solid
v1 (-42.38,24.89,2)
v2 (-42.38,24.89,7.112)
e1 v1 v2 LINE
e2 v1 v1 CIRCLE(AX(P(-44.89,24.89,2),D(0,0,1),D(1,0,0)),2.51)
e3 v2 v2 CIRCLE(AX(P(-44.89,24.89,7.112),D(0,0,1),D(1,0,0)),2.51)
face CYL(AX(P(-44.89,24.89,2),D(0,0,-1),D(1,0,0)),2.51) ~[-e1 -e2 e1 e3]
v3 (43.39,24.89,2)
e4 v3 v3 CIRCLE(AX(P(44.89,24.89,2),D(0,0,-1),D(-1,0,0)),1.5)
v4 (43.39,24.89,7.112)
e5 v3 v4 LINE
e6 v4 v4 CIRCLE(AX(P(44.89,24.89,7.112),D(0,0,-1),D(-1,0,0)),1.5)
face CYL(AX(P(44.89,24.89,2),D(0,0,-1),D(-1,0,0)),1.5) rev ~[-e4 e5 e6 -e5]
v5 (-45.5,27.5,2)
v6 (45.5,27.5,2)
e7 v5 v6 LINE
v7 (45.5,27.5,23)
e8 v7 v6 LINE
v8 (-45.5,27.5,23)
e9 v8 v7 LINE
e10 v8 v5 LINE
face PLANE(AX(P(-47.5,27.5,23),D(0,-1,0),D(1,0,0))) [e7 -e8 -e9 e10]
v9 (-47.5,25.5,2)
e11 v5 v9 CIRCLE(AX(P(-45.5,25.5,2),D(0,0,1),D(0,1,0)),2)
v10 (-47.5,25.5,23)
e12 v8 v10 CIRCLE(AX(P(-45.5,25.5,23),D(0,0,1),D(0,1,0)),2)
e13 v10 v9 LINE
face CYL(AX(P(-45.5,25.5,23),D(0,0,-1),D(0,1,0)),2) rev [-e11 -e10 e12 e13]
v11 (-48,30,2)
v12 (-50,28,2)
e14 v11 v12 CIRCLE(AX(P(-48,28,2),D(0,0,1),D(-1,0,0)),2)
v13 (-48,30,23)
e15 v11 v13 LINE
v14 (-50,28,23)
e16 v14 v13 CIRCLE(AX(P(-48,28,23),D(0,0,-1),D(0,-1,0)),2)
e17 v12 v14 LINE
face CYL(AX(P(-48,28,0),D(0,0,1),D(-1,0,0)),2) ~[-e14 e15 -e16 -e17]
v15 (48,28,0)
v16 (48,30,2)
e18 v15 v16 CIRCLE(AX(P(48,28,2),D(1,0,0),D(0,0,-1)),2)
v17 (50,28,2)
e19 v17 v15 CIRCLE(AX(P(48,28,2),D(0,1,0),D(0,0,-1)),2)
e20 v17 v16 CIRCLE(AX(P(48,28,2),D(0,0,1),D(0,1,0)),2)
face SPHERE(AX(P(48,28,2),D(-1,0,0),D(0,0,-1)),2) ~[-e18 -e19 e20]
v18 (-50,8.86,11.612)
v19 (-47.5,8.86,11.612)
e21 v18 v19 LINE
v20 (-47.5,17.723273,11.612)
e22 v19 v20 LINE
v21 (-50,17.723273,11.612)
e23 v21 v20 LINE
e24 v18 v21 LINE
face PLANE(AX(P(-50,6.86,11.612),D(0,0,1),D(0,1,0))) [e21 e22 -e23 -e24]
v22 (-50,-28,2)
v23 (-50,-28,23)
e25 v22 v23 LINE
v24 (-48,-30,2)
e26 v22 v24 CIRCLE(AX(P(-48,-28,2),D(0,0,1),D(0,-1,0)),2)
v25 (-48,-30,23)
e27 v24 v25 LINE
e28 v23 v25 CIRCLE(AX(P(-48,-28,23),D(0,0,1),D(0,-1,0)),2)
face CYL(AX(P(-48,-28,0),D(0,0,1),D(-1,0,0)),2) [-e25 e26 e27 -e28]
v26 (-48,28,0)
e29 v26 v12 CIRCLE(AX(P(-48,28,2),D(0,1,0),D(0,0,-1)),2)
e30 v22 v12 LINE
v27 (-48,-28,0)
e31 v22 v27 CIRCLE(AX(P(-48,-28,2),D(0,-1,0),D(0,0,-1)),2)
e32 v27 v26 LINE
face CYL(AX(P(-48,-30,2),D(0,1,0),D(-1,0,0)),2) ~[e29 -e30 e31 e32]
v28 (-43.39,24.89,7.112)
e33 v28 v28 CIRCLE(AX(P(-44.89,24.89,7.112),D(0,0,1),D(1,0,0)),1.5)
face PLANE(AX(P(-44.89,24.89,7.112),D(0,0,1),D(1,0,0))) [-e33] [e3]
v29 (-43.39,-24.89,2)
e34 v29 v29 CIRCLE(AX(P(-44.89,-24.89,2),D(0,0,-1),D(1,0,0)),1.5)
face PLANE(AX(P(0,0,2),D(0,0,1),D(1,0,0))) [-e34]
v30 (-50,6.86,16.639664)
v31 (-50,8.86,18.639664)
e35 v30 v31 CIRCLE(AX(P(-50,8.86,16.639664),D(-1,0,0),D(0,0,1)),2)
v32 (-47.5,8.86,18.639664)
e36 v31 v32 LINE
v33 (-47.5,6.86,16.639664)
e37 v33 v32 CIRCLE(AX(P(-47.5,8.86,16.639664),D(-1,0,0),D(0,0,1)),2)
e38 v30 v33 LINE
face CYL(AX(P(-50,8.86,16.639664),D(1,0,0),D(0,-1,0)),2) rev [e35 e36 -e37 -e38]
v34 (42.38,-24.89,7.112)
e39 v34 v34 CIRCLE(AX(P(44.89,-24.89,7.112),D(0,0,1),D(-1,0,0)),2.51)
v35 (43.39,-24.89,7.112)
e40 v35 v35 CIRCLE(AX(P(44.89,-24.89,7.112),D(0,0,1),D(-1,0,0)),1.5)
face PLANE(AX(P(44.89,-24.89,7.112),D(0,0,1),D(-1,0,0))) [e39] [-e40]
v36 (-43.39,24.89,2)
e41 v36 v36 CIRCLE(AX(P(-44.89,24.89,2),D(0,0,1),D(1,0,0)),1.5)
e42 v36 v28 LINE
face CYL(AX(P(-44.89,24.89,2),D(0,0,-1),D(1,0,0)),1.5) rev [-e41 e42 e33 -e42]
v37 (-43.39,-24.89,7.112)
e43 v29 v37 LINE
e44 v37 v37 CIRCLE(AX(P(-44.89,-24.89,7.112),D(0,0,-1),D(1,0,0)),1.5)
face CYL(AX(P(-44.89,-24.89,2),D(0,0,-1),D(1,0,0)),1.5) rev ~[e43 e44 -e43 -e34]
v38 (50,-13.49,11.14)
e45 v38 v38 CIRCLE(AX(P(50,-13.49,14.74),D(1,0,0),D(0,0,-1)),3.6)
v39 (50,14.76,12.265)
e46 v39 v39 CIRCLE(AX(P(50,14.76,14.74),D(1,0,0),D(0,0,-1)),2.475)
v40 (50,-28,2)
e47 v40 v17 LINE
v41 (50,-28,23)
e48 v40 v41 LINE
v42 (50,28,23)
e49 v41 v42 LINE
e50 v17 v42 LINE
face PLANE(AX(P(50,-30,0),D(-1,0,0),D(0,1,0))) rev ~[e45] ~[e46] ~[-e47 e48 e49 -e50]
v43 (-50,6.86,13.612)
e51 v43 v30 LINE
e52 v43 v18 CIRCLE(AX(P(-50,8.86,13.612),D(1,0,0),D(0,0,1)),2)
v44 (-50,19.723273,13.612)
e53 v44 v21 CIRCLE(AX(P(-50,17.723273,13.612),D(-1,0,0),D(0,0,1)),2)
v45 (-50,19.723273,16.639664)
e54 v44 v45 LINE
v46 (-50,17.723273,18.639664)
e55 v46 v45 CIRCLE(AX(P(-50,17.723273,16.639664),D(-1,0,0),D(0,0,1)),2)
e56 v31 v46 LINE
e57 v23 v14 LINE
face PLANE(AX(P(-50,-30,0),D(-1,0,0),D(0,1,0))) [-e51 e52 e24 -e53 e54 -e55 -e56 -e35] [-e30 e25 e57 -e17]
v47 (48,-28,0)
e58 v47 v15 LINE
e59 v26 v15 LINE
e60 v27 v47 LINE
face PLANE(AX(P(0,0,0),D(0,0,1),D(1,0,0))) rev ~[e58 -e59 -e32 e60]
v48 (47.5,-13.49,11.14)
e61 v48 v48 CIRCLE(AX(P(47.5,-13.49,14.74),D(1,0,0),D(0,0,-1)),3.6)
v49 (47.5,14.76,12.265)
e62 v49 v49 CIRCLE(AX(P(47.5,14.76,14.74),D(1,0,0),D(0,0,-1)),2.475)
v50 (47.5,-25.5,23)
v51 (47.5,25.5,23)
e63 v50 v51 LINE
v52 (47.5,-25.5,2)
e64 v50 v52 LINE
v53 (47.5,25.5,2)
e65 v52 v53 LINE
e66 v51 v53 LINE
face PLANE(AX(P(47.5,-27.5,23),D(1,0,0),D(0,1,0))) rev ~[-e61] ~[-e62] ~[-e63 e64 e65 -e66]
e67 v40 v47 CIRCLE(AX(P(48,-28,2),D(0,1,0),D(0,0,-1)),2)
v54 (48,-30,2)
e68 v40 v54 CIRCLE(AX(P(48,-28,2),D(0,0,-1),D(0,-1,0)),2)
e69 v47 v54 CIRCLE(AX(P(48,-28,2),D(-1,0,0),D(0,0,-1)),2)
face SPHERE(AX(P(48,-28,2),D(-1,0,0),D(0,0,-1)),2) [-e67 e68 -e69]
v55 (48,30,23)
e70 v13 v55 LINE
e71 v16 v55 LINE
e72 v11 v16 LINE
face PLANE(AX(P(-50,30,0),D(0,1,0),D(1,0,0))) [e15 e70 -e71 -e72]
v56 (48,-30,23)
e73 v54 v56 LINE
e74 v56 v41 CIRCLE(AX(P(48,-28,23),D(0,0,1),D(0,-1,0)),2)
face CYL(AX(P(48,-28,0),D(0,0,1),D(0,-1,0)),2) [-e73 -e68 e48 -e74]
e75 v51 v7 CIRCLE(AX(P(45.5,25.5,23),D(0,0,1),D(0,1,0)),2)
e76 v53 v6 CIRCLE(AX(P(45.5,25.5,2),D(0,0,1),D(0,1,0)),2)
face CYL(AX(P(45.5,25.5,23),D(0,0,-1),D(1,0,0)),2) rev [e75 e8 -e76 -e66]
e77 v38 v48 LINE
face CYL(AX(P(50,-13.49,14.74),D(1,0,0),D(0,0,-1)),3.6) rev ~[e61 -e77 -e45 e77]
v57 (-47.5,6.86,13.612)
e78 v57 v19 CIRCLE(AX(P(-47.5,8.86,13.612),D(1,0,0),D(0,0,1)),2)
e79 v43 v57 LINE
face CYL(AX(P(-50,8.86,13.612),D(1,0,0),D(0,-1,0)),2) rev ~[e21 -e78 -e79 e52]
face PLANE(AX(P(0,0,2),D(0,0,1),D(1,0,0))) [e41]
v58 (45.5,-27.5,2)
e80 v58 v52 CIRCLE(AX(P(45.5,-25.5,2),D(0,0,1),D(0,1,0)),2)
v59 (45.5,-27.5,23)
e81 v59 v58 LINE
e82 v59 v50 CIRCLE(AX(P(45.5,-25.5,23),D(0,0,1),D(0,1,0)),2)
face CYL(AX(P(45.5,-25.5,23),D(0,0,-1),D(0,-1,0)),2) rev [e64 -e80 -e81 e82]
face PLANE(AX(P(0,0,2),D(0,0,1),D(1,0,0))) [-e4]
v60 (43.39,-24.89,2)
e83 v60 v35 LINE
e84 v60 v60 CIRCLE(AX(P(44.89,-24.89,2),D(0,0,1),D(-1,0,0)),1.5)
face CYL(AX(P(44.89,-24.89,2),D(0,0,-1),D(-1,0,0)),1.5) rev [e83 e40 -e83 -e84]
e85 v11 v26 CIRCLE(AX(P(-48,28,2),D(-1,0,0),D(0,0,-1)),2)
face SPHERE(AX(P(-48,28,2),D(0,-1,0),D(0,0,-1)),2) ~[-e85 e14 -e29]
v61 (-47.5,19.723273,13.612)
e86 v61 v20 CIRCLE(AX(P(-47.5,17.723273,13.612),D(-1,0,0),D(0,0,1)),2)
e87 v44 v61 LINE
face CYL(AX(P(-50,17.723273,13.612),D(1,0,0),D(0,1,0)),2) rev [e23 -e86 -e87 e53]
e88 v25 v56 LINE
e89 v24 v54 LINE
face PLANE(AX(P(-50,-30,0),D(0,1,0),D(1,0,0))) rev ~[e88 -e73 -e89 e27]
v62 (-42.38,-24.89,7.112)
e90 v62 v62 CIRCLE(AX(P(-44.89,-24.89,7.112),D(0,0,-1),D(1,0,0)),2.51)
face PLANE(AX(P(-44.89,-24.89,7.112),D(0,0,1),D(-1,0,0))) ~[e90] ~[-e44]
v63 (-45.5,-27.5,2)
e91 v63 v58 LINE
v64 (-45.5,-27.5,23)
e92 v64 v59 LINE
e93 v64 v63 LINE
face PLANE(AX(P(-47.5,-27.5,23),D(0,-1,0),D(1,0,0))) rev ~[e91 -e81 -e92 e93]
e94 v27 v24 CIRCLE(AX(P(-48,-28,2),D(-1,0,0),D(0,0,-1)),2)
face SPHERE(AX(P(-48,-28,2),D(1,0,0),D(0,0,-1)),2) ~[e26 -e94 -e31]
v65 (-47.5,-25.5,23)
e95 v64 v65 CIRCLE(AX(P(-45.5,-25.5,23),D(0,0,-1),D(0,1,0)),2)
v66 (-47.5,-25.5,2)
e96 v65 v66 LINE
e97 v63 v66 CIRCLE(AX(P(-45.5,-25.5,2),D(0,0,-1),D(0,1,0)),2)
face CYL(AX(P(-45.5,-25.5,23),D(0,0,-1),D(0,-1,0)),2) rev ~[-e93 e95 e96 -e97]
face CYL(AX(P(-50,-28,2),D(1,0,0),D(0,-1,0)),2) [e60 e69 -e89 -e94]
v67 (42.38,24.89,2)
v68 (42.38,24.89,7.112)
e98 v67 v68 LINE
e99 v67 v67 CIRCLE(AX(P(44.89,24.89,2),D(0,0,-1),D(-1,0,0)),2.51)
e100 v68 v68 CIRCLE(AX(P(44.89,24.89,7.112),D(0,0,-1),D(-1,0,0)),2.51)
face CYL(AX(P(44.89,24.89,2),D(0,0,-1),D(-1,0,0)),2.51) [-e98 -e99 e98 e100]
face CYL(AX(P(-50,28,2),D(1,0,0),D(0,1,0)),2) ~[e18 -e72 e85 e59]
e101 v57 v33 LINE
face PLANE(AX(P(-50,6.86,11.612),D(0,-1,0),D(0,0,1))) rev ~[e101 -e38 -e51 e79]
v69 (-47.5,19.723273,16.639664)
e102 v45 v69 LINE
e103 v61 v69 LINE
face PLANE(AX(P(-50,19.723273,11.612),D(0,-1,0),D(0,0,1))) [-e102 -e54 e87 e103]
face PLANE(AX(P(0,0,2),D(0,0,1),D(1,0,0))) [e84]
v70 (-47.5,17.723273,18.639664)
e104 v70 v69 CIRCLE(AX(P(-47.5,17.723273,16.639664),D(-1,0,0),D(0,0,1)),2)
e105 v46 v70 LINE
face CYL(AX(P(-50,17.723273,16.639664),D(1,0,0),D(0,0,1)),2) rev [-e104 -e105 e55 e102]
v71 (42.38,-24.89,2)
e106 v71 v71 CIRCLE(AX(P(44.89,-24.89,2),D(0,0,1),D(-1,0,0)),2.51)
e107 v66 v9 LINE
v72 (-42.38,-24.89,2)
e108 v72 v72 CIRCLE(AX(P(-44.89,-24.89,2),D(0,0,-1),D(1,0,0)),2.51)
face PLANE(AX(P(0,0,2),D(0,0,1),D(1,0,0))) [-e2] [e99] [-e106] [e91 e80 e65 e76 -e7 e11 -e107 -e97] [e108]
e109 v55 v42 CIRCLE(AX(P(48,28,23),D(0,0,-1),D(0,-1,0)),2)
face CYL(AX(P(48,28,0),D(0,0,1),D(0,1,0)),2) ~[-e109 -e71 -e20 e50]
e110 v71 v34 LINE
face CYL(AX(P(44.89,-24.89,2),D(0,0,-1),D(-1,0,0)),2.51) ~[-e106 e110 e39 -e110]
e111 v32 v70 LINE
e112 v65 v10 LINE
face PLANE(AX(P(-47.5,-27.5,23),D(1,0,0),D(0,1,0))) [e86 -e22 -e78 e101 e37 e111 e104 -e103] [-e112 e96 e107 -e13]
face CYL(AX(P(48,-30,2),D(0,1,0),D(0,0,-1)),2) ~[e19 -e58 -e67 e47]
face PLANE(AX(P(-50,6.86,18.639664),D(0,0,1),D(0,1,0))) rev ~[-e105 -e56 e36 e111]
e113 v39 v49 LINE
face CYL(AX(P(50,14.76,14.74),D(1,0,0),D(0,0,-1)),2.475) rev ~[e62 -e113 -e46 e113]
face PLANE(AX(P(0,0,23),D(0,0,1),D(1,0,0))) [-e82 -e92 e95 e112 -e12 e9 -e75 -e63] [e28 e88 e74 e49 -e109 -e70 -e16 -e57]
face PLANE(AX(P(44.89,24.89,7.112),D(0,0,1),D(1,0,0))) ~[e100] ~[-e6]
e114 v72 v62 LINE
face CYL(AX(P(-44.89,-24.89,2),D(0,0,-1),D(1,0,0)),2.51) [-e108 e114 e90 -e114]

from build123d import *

# Parameters (mm, degrees)
SKETCH1_W                 = 100
SKETCH1_H                 = 60
BOSS_EXTRUDE1_DEPTH       = 23
SKETCH2_W                 = 95
SKETCH2_H                 = 55
CUT_EXTRUDE1_DEPTH        = 21
SKETCH3_R                 = 2.51
SKETCH3_R_2               = 1.5
BOSS_EXTRUDE6_DEPTH       = 5.112
MIRROR2_COPY_1_SKETCH_R   = 2.51
MIRROR2_COPY_1_SKETCH_R_2 = 1.5
MIRROR2_COPY_1_DEPTH      = 5.112
FILLET1_R                 = 2
CUT_EXTRUDE2_REACH        = 108.907
SKETCH4_W                 = 7.027664142
SKETCH4_H                 = 12.863273411
FILLET2_R                 = 2
CUT_EXTRUDE3_REACH        = 108.907
SKETCH5_R                 = 3.6
SKETCH5_R_2               = 2.475


with BuildPart() as part:
    # Sketch1 → Boss-Extrude1 (new body)
    with BuildSketch(Plane.XY):
        Rectangle(SKETCH1_W, SKETCH1_H)
    extrude(amount=BOSS_EXTRUDE1_DEPTH)

    # Sketch2 → Cut-Extrude1 (cut)
    with BuildSketch(Plane.XY.offset(23)):
        Rectangle(SKETCH2_W, SKETCH2_H)
    extrude(amount=-CUT_EXTRUDE1_DEPTH, mode=Mode.SUBTRACT)

    # Sketch3 → Boss-Extrude6 (add)
    with BuildSketch(Plane.XY.offset(2)):
        with Locations((-44.89, 24.89)):
            Circle(SKETCH3_R)
        with Locations((-44.89, 24.89)):
            Circle(SKETCH3_R_2, mode=Mode.SUBTRACT)
    boss_extrude6 = extrude(amount=BOSS_EXTRUDE6_DEPTH)

    # Mirror1: Boss-Extrude6 across plane
    add(boss_extrude6.mirror(Plane.ZX))

    # Mirror2: Boss-Extrude6 across plane
    add(boss_extrude6.mirror(Plane(origin=(0, 0, 0), x_dir=(0, 0, 1), z_dir=(1, 0, 0))))

    # Mirror2 copy 1 sketch → Mirror2 copy 1 (add)
    with BuildSketch(Plane(origin=(0, 0, 2), x_dir=(-1, 0, 0), z_dir=(0, 0, 1))):
        with Locations((-44.89, 24.89)):
            Circle(MIRROR2_COPY_1_SKETCH_R)
        with Locations((-44.89, 24.89)):
            Circle(MIRROR2_COPY_1_SKETCH_R_2, mode=Mode.SUBTRACT)
    extrude(amount=MIRROR2_COPY_1_DEPTH)

    # Fillet1
    fillet1_edges = [part.edges().sort_by_distance(p)[0] for p in [
        (-47.5, 27.5, 12.5),
        (47.5, 27.5, 12.5),
        (47.5, -27.5, 12.5),
        (-47.5, -27.5, 12.5),
        (0, -30, 0),
        (-50, 0, 0),
        (0, 30, 0),
        (50, 0, 0),
        (50, -30, 11.5),
        (-50, -30, 11.5),
        (-50, 30, 11.5),
        (50, 30, 11.5),
    ]]
    fillet(fillet1_edges, radius=FILLET1_R)

    # Sketch4 → Cut-Extrude2 (cut, up to next)
    with BuildSketch(Plane.ZY.offset(50), mode=Mode.PRIVATE) as cut_extrude2_sk1:
        with Locations((15.125832071, 13.291636706)):
            Rectangle(SKETCH4_W, SKETCH4_H)
    cut_extrude2_tool1 = extrude(cut_extrude2_sk1.sketch, amount=-CUT_EXTRUDE2_REACH, mode=Mode.PRIVATE) & part.part
    add(cut_extrude2_tool1.solids().sort_by_distance((-50, 13.291637, 15.125832))[0], mode=Mode.SUBTRACT)

    # Fillet2
    fillet2_edges = [part.edges().sort_by_distance(p)[0] for p in [
        (-48.75, 19.723273411, 11.612),
        (-48.75, 6.86, 11.612),
        (-48.75, 6.86, 18.639664142),
        (-48.75, 19.723273411, 18.639664142),
    ]]
    fillet(fillet2_edges, radius=FILLET2_R)

    # Sketch5 → Cut-Extrude3 (cut, up to next)
    with BuildSketch(Plane(origin=(50, 0, 0), x_dir=(0, 0, -1), z_dir=(1, 0, 0)), mode=Mode.PRIVATE) as cut_extrude3_sk1:
        with Locations((-14.74, -13.49)):
            Circle(SKETCH5_R)
    cut_extrude3_tool1 = extrude(cut_extrude3_sk1.sketch, amount=-CUT_EXTRUDE3_REACH, mode=Mode.PRIVATE) & part.part
    # Sketch5 → Cut-Extrude3 (cut, up to next)
    with BuildSketch(Plane(origin=(50, 0, 0), x_dir=(0, 0, -1), z_dir=(1, 0, 0)), mode=Mode.PRIVATE) as cut_extrude3_sk2:
        with Locations((-14.74, 14.76)):
            Circle(SKETCH5_R_2)
    cut_extrude3_tool2 = extrude(cut_extrude3_sk2.sketch, amount=-CUT_EXTRUDE3_REACH, mode=Mode.PRIVATE) & part.part
    add(cut_extrude3_tool1.solids().sort_by_distance((50, -13.49, 14.74))[0], mode=Mode.SUBTRACT)
    add(cut_extrude3_tool2.solids().sort_by_distance((50, 14.76, 14.74))[0], mode=Mode.SUBTRACT)


solid = part.part
